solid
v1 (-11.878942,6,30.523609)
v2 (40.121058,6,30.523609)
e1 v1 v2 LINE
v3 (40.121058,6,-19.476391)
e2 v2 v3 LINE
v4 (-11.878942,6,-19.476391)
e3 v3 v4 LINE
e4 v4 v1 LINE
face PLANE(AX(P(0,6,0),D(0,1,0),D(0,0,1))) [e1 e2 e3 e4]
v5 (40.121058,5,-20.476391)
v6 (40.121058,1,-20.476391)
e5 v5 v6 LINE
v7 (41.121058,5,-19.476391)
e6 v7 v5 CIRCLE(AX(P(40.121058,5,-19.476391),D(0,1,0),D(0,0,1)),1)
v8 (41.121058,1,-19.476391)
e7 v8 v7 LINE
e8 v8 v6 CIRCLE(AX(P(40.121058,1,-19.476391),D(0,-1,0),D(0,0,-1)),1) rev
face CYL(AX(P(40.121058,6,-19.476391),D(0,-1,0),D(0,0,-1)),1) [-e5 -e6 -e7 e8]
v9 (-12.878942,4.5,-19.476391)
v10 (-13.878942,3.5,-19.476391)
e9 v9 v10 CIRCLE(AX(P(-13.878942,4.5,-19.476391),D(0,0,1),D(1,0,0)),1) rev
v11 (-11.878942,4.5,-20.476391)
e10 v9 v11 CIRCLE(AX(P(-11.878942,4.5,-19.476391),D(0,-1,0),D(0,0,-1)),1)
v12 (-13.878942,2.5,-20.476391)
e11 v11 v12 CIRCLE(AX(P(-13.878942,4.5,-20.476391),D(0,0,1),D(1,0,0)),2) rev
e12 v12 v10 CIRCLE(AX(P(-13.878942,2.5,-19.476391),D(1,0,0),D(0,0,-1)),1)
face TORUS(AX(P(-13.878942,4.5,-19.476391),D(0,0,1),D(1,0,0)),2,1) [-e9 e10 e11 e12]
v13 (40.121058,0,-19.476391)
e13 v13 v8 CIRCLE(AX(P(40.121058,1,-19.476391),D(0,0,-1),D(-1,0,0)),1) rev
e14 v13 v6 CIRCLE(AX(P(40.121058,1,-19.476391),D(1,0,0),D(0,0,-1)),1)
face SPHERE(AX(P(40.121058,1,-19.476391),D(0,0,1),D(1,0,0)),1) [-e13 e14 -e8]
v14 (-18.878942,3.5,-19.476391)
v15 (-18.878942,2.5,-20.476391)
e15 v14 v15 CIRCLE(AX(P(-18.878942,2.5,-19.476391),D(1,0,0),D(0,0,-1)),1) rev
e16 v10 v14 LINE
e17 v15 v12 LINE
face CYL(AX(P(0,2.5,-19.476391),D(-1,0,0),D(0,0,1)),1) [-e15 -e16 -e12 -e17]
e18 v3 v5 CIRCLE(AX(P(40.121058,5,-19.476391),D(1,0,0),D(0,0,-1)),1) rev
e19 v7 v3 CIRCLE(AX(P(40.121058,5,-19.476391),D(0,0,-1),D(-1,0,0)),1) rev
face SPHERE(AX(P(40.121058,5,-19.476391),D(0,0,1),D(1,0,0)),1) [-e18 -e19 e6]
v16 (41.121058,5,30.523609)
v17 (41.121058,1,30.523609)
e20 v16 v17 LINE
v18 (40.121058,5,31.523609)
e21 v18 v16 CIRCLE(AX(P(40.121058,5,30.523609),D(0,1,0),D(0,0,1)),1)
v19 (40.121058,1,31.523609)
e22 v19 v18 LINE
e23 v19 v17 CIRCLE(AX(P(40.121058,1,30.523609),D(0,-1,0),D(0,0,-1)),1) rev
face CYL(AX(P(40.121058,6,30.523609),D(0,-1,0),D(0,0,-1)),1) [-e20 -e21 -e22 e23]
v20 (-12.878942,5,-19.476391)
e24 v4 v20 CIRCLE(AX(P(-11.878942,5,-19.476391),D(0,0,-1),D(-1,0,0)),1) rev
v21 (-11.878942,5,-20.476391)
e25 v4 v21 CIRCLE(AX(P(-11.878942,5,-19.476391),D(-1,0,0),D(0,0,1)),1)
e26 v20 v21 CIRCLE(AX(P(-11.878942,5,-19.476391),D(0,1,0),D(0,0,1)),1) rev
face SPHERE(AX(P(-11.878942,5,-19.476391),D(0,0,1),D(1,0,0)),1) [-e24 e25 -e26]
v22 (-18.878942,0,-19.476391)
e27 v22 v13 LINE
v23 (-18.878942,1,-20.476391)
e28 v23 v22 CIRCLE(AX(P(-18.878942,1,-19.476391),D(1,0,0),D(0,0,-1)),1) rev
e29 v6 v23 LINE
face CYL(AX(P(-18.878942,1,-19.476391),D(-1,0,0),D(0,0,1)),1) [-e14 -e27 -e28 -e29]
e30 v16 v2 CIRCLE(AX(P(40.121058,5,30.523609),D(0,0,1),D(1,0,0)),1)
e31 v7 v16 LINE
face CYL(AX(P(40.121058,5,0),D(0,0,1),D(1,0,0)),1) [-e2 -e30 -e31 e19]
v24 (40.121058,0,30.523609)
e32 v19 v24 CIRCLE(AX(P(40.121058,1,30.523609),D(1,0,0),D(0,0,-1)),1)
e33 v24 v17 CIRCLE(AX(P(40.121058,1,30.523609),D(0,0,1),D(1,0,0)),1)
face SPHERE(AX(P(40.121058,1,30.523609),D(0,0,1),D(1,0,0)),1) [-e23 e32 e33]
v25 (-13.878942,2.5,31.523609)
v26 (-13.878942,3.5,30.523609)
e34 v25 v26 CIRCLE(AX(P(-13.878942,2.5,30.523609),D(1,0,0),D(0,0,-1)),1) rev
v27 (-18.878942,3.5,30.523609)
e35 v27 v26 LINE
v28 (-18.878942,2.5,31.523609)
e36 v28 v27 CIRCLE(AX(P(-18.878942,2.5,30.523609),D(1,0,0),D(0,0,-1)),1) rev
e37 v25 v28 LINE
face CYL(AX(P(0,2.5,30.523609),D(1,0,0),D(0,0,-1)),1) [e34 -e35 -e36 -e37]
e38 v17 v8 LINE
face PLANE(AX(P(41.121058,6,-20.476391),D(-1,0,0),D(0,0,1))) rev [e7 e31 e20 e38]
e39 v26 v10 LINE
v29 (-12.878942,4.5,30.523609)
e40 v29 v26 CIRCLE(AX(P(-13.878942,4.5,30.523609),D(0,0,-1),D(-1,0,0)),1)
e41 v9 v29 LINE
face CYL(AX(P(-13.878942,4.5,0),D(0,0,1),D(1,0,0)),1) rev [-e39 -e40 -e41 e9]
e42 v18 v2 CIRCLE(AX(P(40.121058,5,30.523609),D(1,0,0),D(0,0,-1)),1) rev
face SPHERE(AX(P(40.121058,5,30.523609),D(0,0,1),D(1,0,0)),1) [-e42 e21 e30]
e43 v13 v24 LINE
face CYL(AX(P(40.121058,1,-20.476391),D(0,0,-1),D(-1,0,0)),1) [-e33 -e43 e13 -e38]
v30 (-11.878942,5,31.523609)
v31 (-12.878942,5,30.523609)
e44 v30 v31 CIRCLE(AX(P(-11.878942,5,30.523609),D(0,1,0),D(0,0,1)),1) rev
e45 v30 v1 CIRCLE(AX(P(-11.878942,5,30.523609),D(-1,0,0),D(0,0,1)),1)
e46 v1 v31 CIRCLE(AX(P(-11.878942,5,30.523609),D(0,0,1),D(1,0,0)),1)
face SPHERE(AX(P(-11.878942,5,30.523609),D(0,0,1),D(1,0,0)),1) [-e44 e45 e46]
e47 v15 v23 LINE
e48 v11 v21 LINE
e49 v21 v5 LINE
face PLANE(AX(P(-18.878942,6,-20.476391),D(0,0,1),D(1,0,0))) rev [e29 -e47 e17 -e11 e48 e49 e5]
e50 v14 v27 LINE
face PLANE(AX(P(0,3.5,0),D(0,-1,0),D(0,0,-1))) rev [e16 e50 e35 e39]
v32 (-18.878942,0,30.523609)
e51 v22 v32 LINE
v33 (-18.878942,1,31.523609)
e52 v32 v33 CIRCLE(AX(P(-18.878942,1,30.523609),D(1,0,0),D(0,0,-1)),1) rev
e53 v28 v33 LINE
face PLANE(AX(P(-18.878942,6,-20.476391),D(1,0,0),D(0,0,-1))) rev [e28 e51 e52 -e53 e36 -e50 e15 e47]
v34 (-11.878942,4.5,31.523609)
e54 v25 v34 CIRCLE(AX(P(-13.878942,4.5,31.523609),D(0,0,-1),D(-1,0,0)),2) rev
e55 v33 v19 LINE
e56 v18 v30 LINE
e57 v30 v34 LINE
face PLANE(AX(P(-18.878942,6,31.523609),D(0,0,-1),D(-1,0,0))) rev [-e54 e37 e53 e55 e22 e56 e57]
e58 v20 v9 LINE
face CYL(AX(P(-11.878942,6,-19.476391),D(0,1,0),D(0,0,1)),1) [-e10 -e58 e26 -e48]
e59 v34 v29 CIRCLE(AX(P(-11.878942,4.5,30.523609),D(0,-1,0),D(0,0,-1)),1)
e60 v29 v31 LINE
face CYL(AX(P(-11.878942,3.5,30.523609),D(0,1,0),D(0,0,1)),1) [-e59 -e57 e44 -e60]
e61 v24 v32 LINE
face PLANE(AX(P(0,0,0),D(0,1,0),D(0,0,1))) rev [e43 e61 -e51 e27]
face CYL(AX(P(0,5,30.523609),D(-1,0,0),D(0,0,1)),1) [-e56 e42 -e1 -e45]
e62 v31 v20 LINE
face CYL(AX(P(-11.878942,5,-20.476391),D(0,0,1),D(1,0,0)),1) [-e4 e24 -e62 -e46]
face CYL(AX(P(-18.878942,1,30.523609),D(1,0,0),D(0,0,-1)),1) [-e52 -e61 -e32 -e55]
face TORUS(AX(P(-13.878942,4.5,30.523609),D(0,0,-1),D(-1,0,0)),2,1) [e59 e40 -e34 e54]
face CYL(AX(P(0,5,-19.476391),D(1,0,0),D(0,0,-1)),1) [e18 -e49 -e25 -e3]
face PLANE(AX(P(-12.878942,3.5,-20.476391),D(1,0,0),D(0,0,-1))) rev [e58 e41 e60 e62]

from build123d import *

# Parameters (mm, degrees)
SKETCH2_W           = 60
SKETCH2_H           = 52
BOSS_EXTRUDE1_DEPTH = 6
SKETCH3_W           = 6
SKETCH3_H           = 52
CUT_EXTRUDE1_DEPTH  = 2.5
FILLET1_R           = 1


with BuildPart() as part:
    # Sketch2 → Boss-Extrude1 (new body)
    with BuildSketch(Plane(origin=(0, 0, 0), x_dir=(1, 0, 0), z_dir=(0, 1, 0))):
        with Locations((11.121057716, -5.523608753)):
            Rectangle(SKETCH2_W, SKETCH2_H)
    extrude(amount=BOSS_EXTRUDE1_DEPTH)

    # Sketch3 → Cut-Extrude1 (cut)
    with BuildSketch(Plane(origin=(0, 6, 0), x_dir=(1, 0, 0), z_dir=(0, 1, 0))):
        with Locations((-15.878942284, -5.523608753)):
            Rectangle(SKETCH3_W, SKETCH3_H)
    extrude(amount=-CUT_EXTRUDE1_DEPTH, mode=Mode.SUBTRACT)

    # Fillet1
    fillet1_edges = [part.edges().sort_by_distance(p)[0] for p in [
        (41.121057716, 6, 5.523608753),
        (14.121057716, 6, -20.476391247),
        (14.121057716, 6, 31.523608753),
        (-12.878942284, 3.5, 5.523608753),
        (-12.878942284, 4.75, -20.476391247),
        (-15.878942284, 3.5, 31.523608753),
        (-12.878942284, 4.75, 31.523608753),
        (-15.878942284, 3.5, -20.476391247),
        (-12.878942284, 6, 5.523608753),
        (11.121057716, 0, -20.476391247),
        (41.121057716, 0, 5.523608753),
        (11.121057716, 0, 31.523608753),
        (41.121057716, 3, -20.476391247),
        (41.121057716, 3, 31.523608753),
    ]]
    fillet(fillet1_edges, radius=FILLET1_R)


solid = part.part
